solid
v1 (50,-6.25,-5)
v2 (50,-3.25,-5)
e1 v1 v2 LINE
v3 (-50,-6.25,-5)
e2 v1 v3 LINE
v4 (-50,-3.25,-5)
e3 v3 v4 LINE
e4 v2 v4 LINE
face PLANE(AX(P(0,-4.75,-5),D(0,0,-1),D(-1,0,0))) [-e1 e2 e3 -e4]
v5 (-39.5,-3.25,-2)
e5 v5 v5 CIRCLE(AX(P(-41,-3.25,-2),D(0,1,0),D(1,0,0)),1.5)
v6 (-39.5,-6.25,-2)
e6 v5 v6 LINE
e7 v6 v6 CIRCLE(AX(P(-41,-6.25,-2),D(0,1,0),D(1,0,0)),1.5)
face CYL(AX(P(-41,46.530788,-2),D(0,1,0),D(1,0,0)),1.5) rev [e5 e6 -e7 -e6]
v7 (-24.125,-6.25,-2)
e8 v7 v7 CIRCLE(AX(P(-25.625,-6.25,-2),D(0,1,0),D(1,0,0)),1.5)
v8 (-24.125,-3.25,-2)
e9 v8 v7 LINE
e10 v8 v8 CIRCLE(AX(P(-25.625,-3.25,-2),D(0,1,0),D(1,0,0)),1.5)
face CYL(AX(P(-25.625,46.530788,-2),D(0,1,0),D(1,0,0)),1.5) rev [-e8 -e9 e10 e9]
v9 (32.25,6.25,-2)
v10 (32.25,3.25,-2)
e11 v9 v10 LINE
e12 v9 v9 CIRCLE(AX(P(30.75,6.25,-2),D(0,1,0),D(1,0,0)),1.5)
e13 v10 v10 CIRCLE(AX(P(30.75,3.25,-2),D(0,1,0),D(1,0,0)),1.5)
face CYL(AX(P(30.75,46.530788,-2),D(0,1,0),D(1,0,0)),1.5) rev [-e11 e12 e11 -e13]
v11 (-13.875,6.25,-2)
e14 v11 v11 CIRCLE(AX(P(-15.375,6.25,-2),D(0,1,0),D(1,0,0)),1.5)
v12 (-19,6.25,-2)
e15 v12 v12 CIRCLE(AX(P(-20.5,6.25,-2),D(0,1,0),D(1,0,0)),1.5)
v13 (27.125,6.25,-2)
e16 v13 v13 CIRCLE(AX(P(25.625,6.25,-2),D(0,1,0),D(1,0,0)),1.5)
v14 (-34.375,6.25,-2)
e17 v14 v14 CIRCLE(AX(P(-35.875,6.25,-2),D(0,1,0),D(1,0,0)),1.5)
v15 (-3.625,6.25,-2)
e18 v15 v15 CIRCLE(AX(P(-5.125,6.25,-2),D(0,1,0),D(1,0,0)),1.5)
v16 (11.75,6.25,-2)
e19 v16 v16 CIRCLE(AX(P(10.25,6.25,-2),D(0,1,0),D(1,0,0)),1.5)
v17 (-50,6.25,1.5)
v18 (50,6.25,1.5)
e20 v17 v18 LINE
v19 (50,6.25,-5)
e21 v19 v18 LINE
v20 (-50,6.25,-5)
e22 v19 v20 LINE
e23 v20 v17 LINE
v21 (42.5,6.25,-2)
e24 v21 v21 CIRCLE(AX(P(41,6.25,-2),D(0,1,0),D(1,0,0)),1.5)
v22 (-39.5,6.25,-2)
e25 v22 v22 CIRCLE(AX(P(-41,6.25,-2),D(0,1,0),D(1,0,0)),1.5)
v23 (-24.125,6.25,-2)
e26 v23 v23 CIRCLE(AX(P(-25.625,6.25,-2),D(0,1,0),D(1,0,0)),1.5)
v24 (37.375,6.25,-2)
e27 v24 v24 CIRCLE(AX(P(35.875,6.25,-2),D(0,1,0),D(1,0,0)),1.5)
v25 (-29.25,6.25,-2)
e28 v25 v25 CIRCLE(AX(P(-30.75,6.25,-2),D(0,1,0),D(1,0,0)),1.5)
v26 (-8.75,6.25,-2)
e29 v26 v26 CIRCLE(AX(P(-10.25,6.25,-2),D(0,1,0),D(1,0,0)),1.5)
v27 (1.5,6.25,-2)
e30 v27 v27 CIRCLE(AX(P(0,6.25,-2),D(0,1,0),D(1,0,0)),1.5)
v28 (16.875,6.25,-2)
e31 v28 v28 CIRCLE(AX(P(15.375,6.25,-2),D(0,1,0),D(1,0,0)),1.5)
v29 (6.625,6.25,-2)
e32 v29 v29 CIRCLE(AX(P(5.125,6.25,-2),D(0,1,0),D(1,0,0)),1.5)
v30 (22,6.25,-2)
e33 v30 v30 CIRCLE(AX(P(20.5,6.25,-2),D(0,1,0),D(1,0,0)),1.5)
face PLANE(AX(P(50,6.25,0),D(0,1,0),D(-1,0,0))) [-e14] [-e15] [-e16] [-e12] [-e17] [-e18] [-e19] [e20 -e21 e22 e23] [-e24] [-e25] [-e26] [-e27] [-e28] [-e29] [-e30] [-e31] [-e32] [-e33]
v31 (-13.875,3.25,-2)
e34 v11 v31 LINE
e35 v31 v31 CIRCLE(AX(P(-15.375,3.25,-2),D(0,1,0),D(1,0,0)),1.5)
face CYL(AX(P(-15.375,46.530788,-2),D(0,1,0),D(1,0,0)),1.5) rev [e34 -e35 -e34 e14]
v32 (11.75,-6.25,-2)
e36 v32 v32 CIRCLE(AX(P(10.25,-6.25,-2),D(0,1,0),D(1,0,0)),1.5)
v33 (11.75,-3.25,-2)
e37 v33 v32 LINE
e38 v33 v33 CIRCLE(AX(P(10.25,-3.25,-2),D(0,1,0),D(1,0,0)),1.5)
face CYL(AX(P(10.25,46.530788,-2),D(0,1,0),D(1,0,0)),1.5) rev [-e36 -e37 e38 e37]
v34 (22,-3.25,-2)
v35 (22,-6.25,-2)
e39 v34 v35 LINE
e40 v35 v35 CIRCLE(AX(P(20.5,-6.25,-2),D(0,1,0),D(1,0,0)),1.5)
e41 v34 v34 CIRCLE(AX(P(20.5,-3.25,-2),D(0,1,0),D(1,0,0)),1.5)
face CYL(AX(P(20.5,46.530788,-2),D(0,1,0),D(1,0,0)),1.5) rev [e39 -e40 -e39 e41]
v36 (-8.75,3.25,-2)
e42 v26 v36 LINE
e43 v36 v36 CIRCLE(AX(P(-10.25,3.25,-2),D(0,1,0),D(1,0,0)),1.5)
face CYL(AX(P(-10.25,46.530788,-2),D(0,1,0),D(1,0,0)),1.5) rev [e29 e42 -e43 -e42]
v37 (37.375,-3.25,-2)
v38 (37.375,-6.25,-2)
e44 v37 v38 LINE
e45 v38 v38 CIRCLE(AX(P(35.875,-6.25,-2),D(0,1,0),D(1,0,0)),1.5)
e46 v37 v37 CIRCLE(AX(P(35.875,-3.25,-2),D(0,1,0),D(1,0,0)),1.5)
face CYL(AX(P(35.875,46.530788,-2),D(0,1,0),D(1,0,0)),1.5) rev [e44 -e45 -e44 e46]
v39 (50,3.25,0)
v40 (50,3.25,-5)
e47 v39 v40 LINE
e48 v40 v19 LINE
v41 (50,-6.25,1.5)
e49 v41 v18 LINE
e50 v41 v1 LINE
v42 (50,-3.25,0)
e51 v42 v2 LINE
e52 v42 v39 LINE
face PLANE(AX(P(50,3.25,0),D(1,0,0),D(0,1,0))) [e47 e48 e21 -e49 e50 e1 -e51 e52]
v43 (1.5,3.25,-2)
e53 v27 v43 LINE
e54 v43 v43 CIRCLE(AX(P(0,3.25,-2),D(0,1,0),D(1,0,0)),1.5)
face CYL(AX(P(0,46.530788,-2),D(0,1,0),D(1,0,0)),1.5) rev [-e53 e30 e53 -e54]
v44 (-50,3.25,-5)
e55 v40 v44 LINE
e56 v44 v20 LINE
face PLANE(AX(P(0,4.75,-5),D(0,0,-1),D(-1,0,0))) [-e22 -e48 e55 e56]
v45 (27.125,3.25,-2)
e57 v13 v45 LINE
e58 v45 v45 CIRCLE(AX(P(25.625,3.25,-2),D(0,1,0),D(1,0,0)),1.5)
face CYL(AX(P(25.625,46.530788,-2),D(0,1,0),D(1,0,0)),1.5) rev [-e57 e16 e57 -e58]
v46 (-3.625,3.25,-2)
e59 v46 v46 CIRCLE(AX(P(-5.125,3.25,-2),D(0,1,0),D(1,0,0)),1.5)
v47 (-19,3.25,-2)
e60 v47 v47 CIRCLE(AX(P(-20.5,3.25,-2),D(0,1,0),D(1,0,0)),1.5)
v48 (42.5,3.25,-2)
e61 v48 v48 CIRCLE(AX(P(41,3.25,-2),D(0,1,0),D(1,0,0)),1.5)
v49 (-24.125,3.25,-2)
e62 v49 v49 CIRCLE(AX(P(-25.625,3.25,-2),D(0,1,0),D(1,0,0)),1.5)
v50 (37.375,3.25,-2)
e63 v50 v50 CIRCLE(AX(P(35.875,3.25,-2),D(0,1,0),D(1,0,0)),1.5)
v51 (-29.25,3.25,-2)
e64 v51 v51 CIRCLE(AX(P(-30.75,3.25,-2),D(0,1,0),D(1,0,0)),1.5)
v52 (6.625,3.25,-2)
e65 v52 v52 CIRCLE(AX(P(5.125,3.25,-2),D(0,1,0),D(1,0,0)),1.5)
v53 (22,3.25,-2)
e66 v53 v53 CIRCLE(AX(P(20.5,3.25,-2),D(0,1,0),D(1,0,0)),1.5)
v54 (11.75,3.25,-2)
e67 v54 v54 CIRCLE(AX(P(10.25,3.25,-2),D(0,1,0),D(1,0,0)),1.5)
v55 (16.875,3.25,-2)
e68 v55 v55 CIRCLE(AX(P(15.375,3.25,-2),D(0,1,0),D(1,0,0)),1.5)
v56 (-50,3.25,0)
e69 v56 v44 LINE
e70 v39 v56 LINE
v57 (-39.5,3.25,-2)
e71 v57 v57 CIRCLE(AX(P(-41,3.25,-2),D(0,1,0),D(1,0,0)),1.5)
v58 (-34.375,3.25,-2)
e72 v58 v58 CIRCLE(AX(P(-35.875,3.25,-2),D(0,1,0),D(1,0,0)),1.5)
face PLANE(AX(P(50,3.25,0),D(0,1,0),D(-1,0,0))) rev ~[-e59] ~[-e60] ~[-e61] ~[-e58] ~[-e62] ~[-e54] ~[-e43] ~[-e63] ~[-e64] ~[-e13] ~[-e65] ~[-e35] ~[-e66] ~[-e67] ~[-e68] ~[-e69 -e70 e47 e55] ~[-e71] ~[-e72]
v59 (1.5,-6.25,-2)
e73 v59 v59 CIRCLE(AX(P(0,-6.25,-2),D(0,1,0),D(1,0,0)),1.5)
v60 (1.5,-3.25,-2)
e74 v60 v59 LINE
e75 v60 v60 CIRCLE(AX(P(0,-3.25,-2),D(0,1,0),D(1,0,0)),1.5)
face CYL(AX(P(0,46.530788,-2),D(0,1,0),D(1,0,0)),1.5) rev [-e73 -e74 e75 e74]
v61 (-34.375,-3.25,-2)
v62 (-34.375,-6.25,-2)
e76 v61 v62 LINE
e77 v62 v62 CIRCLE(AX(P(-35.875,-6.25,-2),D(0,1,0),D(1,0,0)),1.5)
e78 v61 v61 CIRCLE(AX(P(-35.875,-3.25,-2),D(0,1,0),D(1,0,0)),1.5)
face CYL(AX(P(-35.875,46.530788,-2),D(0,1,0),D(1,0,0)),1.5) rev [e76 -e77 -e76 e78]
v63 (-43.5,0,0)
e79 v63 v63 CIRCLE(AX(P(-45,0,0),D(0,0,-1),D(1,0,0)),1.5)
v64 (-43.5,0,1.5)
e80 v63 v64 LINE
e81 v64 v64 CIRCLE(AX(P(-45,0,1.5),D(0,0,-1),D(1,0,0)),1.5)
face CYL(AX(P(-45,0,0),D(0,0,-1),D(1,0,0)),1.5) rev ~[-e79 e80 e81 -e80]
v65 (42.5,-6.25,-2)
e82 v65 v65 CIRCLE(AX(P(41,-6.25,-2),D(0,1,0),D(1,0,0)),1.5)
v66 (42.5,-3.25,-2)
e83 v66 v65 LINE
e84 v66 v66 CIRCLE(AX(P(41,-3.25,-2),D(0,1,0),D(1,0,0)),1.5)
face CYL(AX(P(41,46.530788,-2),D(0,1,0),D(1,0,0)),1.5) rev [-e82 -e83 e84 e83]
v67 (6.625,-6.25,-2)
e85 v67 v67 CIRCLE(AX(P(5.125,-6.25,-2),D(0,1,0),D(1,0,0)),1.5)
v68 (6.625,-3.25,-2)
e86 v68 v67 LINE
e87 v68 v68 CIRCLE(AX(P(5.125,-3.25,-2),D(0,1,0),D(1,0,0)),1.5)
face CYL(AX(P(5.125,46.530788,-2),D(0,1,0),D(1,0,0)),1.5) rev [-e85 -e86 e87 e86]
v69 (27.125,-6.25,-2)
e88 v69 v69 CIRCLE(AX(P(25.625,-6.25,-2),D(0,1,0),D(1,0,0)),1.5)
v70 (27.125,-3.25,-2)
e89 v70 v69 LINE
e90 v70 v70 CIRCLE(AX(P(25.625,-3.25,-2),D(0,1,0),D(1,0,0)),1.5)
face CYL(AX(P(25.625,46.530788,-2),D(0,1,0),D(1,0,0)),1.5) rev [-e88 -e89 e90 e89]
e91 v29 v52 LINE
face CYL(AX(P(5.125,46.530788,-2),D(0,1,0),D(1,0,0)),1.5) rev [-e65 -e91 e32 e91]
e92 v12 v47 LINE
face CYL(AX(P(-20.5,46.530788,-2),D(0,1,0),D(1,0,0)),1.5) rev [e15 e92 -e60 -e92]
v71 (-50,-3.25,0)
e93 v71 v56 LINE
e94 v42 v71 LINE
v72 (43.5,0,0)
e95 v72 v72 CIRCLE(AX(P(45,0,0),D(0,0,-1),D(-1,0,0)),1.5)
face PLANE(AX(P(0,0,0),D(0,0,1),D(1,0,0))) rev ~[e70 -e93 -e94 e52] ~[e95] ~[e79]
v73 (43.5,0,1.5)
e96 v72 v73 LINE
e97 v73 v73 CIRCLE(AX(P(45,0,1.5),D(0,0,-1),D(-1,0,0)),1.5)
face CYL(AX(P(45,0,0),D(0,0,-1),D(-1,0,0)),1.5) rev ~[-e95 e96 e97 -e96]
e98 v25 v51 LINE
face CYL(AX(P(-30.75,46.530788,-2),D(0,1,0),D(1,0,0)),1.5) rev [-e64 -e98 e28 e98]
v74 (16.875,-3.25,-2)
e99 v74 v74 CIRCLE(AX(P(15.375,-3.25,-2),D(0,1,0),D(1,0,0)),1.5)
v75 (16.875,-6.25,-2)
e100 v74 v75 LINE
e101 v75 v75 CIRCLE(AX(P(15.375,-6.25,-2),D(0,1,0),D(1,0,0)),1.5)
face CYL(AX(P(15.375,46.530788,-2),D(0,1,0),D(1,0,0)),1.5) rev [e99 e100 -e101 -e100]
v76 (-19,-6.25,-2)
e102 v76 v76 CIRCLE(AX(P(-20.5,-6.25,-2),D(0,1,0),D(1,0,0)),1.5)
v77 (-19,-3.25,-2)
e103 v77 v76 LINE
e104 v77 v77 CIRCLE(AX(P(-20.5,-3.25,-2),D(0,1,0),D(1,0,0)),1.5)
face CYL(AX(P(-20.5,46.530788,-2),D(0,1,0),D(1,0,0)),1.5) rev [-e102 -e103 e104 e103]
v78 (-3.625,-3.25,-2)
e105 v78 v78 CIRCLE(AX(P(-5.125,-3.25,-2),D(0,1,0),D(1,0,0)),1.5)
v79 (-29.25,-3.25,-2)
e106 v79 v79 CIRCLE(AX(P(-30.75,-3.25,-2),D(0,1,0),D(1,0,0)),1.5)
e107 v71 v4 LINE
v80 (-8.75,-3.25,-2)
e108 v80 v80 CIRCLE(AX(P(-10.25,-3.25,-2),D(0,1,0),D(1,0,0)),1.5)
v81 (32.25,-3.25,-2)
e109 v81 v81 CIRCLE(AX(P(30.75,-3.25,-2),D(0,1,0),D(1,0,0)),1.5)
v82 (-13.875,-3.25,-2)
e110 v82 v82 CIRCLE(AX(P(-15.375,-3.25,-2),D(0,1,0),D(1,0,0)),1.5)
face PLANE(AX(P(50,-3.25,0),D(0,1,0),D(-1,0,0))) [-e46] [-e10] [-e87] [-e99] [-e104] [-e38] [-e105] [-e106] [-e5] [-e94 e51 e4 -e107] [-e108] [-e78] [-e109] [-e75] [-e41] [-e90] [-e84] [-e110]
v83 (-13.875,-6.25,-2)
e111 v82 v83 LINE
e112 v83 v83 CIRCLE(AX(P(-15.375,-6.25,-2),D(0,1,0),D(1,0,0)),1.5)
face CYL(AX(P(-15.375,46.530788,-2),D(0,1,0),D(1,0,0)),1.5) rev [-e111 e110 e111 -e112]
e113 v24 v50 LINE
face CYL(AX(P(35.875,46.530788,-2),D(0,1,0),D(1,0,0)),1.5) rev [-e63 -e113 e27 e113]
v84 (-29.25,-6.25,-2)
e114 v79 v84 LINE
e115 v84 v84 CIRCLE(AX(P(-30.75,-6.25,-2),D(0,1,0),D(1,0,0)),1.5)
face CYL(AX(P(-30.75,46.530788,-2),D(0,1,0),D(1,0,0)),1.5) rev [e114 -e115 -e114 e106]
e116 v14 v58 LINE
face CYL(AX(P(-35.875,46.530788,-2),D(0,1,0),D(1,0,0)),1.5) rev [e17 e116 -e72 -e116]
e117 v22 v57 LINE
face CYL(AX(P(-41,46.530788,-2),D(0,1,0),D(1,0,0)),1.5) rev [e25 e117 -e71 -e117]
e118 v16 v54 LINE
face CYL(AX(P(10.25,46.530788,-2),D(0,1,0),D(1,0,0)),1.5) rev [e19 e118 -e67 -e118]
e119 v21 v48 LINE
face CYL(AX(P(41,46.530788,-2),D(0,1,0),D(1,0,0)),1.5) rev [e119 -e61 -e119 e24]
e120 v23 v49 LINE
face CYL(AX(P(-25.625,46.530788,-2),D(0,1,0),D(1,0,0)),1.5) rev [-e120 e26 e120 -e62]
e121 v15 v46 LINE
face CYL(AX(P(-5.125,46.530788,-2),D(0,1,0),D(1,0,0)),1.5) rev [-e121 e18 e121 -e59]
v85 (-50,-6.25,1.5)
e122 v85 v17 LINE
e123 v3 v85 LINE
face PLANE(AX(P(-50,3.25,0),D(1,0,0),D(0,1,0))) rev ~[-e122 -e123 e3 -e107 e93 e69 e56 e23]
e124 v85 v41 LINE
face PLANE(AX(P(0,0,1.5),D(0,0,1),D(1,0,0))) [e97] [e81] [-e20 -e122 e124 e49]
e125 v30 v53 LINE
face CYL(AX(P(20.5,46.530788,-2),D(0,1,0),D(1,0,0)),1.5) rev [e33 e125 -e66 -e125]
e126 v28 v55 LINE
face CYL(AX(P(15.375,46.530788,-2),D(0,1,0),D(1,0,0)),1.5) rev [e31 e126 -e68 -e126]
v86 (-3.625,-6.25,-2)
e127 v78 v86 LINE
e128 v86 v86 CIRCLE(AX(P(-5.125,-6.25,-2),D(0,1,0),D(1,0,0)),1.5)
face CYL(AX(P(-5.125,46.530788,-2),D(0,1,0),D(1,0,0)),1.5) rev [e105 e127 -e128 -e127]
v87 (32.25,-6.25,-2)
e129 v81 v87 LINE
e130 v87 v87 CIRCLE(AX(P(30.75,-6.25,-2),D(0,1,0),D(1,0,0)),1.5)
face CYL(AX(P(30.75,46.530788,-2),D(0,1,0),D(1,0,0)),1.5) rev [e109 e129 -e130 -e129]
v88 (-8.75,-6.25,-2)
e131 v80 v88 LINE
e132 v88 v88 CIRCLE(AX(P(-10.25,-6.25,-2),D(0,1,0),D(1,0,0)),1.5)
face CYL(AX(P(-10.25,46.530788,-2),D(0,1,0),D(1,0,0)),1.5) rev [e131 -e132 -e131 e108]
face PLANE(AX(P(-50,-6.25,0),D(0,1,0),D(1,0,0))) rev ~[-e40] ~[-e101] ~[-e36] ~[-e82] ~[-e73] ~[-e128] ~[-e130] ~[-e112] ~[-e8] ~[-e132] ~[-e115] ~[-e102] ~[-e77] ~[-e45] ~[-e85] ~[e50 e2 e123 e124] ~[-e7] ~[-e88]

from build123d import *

# Parameters (mm, degrees)
SKETCH1_W               = 100
SKETCH1_H               = 12.5
BOSS_EXTRUDE1_DEPTH     = 1.5
SKETCH2_W               = 100
SKETCH2_H               = 3
BOSS_EXTRUDE2_DEPTH     = 5
CUT_EXTRUDE1_DEPTH      = 52.780787943
CUT_EXTRUDE1_DEPTH_BACK = 52.780787943
SKETCH3_R               = 1.5
SKETCH4_R               = 1.5
CUT_EXTRUDE2_DEPTH      = 51.636572751


with BuildPart() as part:
    # Sketch1 → Boss-Extrude1 (new body)
    with BuildSketch(Plane.XY):
        Rectangle(SKETCH1_W, SKETCH1_H)
    extrude(amount=BOSS_EXTRUDE1_DEPTH)

    # Sketch2 → Boss-Extrude2 (add)
    with BuildSketch(Plane(origin=(0, 0, 0), x_dir=(-1, 0, 0), z_dir=(0, 0, -1))):
        with Locations((0, 4.75)):
            Rectangle(SKETCH2_W, SKETCH2_H)
        with Locations((0, -4.75)):
            Rectangle(SKETCH2_W, SKETCH2_H)
    extrude(amount=BOSS_EXTRUDE2_DEPTH)

    # Sketch3 → Cut-Extrude1 (cut, two sides: drawn at the far end of the back side and taken through both)
    with BuildSketch(Plane.XZ.offset(6.25).offset(-CUT_EXTRUDE1_DEPTH_BACK)):
        with Locations((41, -2)):
            Circle(SKETCH3_R)
        with Locations((35.875, -2)):
            Circle(SKETCH3_R)
        with Locations((30.75, -2)):
            Circle(SKETCH3_R)
        with Locations((25.625, -2)):
            Circle(SKETCH3_R)
        with Locations((20.5, -2)):
            Circle(SKETCH3_R)
        with Locations((15.375, -2)):
            Circle(SKETCH3_R)
        with Locations((10.25, -2)):
            Circle(SKETCH3_R)
        with Locations((5.125, -2)):
            Circle(SKETCH3_R)
        with Locations((0, -2)):
            Circle(SKETCH3_R)
        with Locations((-5.125, -2)):
            Circle(SKETCH3_R)
        with Locations((-10.25, -2)):
            Circle(SKETCH3_R)
        with Locations((-15.375, -2)):
            Circle(SKETCH3_R)
        with Locations((-20.5, -2)):
            Circle(SKETCH3_R)
        with Locations((-25.625, -2)):
            Circle(SKETCH3_R)
        with Locations((-30.75, -2)):
            Circle(SKETCH3_R)
        with Locations((-35.875, -2)):
            Circle(SKETCH3_R)
        with Locations((-41, -2)):
            Circle(SKETCH3_R)
    extrude(amount=CUT_EXTRUDE1_DEPTH + CUT_EXTRUDE1_DEPTH_BACK, mode=Mode.SUBTRACT)

    # Sketch4 → Cut-Extrude2 (cut, through all)
    with BuildSketch(Plane(origin=(0, 0, 0), x_dir=(-1, 0, 0), z_dir=(0, 0, -1))):
        with Locations((-45, 0)):
            Circle(SKETCH4_R)
        with Locations(Location((45, 0, 0), (0, 0, 180))):
            Circle(SKETCH4_R)
    extrude(amount=-CUT_EXTRUDE2_DEPTH, mode=Mode.SUBTRACT)


solid = part.part
